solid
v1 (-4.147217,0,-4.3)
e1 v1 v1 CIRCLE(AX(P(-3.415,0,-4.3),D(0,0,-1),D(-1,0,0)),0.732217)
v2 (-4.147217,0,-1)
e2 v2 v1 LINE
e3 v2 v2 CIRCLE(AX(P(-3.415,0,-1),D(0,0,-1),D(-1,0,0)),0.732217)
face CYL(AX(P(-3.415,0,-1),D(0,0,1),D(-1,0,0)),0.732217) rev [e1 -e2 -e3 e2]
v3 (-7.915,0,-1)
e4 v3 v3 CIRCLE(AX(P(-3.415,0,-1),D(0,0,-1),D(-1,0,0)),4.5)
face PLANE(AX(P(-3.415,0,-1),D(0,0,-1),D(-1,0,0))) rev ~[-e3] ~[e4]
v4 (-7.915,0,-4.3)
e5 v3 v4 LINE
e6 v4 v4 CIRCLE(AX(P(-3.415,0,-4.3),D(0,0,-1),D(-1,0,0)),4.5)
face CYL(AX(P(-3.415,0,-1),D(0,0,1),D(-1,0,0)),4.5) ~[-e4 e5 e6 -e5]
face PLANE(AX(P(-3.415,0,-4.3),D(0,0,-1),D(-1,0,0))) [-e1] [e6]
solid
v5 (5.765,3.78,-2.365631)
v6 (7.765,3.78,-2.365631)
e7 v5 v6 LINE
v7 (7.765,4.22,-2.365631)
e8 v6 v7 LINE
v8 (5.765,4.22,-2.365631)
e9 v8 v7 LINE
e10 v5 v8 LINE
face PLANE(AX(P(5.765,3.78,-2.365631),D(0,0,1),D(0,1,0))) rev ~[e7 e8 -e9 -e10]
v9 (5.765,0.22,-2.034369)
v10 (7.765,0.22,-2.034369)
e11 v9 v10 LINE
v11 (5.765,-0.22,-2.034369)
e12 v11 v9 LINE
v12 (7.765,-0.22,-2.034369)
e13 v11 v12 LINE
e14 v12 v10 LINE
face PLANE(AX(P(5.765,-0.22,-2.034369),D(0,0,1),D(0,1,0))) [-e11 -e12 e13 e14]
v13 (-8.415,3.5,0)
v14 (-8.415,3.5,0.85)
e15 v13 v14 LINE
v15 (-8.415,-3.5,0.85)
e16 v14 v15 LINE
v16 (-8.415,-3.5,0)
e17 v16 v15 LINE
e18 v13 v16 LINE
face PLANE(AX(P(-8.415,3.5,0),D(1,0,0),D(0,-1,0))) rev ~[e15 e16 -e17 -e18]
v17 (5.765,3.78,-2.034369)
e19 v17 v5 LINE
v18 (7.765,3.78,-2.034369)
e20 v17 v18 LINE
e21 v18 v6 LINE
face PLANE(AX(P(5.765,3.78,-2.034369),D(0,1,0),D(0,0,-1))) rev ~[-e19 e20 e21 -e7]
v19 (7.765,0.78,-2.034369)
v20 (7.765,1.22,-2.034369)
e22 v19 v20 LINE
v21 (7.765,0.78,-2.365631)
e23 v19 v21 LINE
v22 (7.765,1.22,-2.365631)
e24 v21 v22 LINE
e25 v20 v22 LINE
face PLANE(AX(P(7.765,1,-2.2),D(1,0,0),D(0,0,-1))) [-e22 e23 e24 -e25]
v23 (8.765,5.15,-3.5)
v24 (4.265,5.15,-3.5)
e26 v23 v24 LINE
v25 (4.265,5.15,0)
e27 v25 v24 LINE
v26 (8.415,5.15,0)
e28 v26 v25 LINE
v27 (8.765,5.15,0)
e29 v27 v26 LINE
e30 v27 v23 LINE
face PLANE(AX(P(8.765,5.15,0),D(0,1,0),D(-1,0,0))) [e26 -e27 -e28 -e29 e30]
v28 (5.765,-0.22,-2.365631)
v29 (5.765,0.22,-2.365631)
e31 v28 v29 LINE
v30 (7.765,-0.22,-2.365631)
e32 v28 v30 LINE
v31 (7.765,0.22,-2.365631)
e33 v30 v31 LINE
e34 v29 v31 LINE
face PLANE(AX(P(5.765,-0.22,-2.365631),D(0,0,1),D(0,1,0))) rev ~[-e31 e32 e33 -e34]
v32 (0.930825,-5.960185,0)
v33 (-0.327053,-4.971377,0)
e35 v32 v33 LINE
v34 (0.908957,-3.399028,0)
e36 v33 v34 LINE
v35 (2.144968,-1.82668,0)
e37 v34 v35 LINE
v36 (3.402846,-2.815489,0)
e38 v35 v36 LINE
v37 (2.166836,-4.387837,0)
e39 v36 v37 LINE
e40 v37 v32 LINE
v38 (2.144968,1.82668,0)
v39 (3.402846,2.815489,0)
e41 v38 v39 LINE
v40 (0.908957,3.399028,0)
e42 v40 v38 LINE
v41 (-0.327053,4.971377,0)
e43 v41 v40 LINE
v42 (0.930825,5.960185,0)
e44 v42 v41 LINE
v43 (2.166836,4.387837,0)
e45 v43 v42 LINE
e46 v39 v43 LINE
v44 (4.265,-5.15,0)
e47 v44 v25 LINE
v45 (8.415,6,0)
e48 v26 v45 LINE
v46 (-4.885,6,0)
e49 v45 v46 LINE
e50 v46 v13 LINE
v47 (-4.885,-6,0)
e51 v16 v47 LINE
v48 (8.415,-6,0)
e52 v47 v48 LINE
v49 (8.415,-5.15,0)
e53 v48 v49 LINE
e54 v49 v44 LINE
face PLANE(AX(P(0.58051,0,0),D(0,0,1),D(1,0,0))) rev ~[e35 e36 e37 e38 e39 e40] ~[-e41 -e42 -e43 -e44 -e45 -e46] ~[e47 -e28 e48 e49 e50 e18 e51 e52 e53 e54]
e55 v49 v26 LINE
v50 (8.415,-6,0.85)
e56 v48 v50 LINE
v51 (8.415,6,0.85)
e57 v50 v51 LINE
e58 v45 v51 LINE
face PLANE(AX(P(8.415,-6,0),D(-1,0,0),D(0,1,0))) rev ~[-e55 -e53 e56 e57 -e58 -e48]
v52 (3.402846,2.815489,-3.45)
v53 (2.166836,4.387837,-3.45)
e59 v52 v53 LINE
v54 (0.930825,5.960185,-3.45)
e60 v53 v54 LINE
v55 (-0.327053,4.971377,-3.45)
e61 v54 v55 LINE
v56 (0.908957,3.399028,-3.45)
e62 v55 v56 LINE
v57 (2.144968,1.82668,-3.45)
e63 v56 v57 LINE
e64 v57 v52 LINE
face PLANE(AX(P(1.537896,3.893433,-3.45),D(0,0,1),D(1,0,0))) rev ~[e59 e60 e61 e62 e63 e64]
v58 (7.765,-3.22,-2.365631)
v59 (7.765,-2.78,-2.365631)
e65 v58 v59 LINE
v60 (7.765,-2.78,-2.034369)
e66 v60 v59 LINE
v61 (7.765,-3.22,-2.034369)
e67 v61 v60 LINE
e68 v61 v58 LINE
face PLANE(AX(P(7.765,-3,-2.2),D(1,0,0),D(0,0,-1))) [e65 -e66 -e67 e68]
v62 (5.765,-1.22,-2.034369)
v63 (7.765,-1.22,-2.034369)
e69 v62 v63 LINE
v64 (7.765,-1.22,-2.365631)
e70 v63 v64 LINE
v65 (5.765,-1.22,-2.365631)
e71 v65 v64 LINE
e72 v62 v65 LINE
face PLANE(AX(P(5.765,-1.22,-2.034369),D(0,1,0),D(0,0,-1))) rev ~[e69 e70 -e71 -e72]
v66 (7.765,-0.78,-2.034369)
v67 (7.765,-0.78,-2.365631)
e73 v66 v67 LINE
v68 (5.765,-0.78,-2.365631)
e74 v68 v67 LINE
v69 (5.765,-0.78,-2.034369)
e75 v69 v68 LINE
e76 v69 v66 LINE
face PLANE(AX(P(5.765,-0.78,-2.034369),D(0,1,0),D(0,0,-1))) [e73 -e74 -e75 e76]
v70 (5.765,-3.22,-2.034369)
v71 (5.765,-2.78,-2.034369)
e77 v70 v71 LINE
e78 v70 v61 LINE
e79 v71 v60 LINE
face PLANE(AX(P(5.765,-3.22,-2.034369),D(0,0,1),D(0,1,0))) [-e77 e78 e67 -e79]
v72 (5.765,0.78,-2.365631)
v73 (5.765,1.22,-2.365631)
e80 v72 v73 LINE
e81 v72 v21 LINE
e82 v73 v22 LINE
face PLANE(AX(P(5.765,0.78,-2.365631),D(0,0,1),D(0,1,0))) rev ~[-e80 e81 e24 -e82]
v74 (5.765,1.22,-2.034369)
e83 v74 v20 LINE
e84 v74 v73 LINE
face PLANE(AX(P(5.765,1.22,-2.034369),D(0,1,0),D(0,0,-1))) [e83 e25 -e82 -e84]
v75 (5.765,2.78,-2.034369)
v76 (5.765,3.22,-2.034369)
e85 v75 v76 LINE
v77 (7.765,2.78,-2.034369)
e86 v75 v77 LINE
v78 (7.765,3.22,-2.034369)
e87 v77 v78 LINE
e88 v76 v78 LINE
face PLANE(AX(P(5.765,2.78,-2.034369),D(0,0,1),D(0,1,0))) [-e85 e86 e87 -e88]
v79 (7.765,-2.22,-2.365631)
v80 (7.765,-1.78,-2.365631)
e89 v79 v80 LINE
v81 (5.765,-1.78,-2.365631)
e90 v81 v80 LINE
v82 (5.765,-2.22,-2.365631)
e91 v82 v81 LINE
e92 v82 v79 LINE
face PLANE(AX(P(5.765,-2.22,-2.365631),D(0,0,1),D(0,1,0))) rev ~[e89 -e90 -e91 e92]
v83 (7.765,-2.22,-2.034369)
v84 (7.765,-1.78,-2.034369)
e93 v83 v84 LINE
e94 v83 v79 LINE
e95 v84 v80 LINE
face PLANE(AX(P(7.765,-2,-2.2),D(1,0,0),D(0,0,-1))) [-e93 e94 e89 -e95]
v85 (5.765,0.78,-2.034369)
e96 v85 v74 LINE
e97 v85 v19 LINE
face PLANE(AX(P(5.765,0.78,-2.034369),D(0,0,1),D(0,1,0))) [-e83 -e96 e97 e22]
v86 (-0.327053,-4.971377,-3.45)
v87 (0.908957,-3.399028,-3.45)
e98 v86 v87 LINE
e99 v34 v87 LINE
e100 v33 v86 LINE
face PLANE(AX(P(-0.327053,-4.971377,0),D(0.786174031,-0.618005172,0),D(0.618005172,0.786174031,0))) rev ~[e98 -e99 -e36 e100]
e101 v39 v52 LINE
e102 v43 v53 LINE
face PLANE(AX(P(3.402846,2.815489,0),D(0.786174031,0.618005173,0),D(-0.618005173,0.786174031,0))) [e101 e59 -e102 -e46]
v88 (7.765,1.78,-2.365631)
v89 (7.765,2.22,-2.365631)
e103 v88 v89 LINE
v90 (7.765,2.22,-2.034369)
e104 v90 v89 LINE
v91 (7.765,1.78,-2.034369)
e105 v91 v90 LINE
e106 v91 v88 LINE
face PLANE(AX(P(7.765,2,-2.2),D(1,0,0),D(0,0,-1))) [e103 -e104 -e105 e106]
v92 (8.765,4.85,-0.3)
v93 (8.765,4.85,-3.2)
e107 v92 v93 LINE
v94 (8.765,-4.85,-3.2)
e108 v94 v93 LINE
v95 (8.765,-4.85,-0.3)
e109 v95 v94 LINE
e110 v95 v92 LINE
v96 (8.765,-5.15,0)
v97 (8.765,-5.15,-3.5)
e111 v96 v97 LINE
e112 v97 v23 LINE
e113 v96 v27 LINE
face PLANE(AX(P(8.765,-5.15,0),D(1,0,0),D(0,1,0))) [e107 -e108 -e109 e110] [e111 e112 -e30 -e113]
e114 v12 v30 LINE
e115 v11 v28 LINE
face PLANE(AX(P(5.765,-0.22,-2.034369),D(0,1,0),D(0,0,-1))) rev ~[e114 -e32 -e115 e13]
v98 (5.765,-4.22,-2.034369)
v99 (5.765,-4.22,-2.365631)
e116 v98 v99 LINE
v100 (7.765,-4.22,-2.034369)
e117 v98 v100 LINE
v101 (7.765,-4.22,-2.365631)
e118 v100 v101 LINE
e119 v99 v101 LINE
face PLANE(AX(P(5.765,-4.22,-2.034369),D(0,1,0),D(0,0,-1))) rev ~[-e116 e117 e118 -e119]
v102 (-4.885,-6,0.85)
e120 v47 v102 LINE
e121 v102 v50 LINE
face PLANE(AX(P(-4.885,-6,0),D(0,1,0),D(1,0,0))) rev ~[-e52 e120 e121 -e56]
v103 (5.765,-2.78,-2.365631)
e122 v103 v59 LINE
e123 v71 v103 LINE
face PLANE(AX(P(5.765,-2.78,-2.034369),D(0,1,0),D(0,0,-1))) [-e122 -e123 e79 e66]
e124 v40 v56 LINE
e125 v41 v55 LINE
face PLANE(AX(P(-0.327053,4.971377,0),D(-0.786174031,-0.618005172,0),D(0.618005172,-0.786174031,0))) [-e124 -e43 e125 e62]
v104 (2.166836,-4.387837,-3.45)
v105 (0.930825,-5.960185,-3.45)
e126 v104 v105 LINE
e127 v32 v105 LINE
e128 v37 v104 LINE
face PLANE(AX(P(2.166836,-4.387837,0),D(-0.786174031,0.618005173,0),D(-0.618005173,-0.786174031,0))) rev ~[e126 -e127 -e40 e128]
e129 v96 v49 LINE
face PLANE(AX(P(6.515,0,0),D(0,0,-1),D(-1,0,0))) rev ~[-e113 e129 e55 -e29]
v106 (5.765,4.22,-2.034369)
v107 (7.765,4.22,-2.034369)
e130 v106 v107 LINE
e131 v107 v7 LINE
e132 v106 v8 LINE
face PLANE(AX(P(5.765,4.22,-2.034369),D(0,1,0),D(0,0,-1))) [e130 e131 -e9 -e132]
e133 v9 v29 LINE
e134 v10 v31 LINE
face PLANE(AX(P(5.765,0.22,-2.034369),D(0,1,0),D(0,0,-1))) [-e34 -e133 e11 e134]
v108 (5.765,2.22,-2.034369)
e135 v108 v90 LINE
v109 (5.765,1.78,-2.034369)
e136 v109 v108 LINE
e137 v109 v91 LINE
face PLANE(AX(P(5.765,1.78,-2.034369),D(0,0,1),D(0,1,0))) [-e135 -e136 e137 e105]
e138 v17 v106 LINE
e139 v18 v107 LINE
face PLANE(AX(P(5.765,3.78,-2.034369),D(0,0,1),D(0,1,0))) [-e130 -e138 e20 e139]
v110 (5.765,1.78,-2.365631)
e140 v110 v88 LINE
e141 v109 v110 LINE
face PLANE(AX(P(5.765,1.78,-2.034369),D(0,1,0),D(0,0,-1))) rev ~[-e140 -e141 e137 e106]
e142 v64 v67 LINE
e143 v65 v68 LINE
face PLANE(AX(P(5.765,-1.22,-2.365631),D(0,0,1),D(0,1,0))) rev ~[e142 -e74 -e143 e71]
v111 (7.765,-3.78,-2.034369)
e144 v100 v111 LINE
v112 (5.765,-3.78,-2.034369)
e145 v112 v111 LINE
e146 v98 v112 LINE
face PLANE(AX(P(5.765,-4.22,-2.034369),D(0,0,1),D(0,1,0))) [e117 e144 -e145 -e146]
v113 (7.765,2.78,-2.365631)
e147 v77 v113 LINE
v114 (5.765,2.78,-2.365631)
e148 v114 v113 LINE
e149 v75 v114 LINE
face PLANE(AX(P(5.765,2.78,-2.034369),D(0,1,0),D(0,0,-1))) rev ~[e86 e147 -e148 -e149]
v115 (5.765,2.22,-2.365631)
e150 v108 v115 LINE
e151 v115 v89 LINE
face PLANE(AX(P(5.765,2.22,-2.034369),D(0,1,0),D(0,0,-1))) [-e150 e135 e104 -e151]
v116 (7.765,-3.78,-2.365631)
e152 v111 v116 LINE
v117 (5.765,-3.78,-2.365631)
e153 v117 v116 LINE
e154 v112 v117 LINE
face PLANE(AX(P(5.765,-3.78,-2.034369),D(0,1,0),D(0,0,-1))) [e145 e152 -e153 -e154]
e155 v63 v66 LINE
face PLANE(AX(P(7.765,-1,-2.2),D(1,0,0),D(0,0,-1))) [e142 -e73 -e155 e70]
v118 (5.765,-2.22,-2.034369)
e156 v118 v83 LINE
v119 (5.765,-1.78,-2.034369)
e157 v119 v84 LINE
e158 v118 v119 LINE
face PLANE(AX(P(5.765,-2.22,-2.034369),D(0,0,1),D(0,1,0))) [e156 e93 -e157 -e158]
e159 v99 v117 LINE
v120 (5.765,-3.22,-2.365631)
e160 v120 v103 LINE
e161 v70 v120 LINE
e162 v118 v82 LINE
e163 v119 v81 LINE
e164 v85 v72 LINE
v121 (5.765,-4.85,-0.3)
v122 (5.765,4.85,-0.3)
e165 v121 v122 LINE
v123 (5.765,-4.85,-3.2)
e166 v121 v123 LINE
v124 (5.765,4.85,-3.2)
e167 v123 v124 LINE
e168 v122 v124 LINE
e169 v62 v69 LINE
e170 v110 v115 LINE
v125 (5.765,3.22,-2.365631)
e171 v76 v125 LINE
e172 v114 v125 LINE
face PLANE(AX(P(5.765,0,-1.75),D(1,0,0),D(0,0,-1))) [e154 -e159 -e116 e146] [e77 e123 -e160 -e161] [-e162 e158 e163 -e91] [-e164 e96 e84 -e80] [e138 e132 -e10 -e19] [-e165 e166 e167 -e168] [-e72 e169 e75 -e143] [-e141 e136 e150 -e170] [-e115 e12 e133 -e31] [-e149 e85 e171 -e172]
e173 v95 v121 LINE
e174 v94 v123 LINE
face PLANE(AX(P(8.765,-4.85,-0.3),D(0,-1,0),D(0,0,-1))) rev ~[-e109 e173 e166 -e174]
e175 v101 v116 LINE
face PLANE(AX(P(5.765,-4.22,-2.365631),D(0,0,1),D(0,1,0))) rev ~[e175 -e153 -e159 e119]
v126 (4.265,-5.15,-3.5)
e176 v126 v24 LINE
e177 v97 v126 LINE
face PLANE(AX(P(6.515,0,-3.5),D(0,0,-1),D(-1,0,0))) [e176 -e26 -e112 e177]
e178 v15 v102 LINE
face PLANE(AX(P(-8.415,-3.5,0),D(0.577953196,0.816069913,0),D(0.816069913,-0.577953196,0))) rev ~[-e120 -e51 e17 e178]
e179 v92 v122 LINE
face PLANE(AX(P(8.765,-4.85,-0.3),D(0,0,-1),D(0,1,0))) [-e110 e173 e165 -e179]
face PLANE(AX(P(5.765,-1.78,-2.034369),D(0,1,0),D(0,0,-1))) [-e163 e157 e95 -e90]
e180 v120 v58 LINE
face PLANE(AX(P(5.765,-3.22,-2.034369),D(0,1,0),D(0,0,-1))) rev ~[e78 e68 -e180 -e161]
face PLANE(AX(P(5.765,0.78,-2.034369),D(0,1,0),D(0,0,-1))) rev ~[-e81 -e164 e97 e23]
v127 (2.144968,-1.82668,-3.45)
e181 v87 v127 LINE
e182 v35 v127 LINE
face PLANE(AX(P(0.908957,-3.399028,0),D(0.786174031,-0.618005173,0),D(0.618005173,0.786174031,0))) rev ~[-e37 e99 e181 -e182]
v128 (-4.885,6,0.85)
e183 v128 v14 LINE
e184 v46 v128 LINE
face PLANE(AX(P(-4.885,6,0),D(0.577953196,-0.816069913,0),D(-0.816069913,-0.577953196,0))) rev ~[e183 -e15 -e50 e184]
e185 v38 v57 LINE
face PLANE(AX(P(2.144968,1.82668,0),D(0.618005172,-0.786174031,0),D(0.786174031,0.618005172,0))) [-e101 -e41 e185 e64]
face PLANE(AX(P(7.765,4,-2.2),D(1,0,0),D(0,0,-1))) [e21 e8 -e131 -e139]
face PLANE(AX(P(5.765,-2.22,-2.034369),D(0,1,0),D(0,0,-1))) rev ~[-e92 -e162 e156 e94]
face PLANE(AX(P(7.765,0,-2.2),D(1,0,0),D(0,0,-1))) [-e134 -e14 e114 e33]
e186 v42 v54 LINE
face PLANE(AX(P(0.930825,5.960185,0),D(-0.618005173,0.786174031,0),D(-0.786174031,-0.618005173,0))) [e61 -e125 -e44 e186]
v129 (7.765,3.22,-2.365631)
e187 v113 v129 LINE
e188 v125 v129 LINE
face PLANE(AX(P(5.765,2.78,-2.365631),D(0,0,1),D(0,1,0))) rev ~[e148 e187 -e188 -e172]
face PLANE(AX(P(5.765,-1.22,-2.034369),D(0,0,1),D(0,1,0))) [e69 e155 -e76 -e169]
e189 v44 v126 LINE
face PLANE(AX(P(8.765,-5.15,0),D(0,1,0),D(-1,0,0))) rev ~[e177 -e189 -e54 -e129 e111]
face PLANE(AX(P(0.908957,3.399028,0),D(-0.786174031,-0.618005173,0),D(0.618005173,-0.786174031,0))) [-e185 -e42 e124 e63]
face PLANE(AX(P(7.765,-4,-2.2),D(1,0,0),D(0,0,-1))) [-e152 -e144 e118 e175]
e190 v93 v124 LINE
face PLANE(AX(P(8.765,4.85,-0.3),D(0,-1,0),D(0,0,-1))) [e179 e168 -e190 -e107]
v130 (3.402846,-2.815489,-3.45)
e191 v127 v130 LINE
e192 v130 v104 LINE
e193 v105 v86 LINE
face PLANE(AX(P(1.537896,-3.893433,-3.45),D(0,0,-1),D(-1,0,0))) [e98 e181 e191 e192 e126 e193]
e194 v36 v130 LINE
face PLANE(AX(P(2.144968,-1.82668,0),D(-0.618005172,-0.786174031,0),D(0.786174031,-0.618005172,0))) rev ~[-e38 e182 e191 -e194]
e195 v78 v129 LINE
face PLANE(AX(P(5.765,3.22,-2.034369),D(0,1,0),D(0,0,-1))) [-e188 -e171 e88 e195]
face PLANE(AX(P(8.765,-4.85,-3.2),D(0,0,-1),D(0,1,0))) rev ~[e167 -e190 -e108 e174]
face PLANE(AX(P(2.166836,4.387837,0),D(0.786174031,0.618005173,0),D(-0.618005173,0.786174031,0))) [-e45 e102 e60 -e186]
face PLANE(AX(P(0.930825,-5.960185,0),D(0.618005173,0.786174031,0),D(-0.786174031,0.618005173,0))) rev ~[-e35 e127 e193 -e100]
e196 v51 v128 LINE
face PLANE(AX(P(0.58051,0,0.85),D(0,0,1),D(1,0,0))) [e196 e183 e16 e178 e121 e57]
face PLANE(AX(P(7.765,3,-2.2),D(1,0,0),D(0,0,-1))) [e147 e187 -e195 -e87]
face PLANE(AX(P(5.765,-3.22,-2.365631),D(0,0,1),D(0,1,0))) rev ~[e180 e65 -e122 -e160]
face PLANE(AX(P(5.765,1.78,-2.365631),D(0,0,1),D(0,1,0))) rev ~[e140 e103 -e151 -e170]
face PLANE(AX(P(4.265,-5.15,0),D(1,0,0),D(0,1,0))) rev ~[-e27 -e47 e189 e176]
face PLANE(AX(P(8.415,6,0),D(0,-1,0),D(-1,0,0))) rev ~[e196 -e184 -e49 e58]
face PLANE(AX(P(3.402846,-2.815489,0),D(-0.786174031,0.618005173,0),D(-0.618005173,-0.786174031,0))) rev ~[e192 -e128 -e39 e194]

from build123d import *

# Parameters (mm, degrees)
SALIENTE_EXTRUIR1_DEPTH = 0.85
CROQUIS2_R              = 4.5
CROQUIS2_R_2            = 0.732216716
SALIENTE_EXTRUIR2_DEPTH = 3.3
SALIENTE_EXTRUIR3_DEPTH = 3.45
CROQUIS4_W              = 4.5
CROQUIS4_H              = 10.3
SALIENTE_EXTRUIR4_DEPTH = 3.5
CROQUIS5_W              = 2.9
CROQUIS5_H              = 9.7
CORTAR_EXTRUIR1_DEPTH   = 3
CROQUIS6_W              = 0.331262854
CROQUIS6_H              = 0.44
SALIENTE_EXTRUIR6_DEPTH = 2


with BuildPart() as part:
    # Croquis1 → Saliente-Extruir1 (new body)
    with BuildSketch(Plane.XY):
        Polygon((8.415, 6), (-4.885, 6), (-8.415, 3.5), (-8.415, -3.5), (-4.885, -6), (8.415, -6), align=None)
    extrude(amount=SALIENTE_EXTRUIR1_DEPTH)

    # Croquis3 → Saliente-Extruir3 (add)
    with BuildSketch(Plane(origin=(0, 0, 0), x_dir=(-1, 0, 0), z_dir=(0, 0, -1))):
        Polygon((-2.166835619, 4.387836725), (-0.930825273, 5.960184787), (0.327053176, 4.971376511), (-0.908957169, 3.399028449), (-2.144967514, 1.826680388), (-3.402845964, 2.815488664), align=None)
        Polygon((-0.930825273, -5.960184787), (0.327053176, -4.971376511), (-0.908957169, -3.399028449), (-2.144967514, -1.826680388), (-3.402845964, -2.815488664), (-2.166835619, -4.387836725), align=None)
    extrude(amount=SALIENTE_EXTRUIR3_DEPTH)

    # Croquis4 → Saliente-Extruir4 (add)
    with BuildSketch(Plane(origin=(0, 0, 0), x_dir=(-1, 0, 0), z_dir=(0, 0, -1))):
        with Locations((-6.515, 0)):
            Rectangle(CROQUIS4_W, CROQUIS4_H)
    extrude(amount=SALIENTE_EXTRUIR4_DEPTH)

    # Croquis5 → Cortar-Extruir1 (cut)
    with BuildSketch(Plane(origin=(8.765, 0, 0), x_dir=(0, 0, -1), z_dir=(1, 0, 0))):
        with Locations((1.75, 0)):
            Rectangle(CROQUIS5_W, CROQUIS5_H)
    extrude(amount=-CORTAR_EXTRUIR1_DEPTH, mode=Mode.SUBTRACT)

    # Croquis6 → Saliente-Extruir6 (add)
    with BuildSketch(Plane(origin=(5.765, 0, 0), x_dir=(0, 0, -1), z_dir=(1, 0, 0))):
        with Locations((2.2, 0)):
            Rectangle(CROQUIS6_W, CROQUIS6_H)
        with Locations((2.2, 1)):
            Rectangle(CROQUIS6_W, CROQUIS6_H)
        with Locations((2.2, 2)):
            Rectangle(CROQUIS6_W, CROQUIS6_H)
        with Locations((2.2, 3)):
            Rectangle(CROQUIS6_W, CROQUIS6_H)
        with Locations((2.2, 4)):
            Rectangle(CROQUIS6_W, CROQUIS6_H)
        with Locations((2.2, -1)):
            Rectangle(CROQUIS6_W, CROQUIS6_H)
        with Locations((2.2, -2)):
            Rectangle(CROQUIS6_W, CROQUIS6_H)
        with Locations((2.2, -3)):
            Rectangle(CROQUIS6_W, CROQUIS6_H)
        with Locations((2.2, -4)):
            Rectangle(CROQUIS6_W, CROQUIS6_H)
    extrude(amount=SALIENTE_EXTRUIR6_DEPTH)


with BuildPart() as body_2:
    # Croquis2 → Saliente-Extruir2 (new body)
    with BuildSketch(Plane(origin=(0, 0, -1), x_dir=(-1, 0, 0), z_dir=(0, 0, -1))):
        with Locations((3.415, 0)):
            Circle(CROQUIS2_R)
        with Locations((3.415, 0)):
            Circle(CROQUIS2_R_2, mode=Mode.SUBTRACT)
    extrude(amount=SALIENTE_EXTRUIR2_DEPTH)


solid = Compound([part.part, body_2.part])
